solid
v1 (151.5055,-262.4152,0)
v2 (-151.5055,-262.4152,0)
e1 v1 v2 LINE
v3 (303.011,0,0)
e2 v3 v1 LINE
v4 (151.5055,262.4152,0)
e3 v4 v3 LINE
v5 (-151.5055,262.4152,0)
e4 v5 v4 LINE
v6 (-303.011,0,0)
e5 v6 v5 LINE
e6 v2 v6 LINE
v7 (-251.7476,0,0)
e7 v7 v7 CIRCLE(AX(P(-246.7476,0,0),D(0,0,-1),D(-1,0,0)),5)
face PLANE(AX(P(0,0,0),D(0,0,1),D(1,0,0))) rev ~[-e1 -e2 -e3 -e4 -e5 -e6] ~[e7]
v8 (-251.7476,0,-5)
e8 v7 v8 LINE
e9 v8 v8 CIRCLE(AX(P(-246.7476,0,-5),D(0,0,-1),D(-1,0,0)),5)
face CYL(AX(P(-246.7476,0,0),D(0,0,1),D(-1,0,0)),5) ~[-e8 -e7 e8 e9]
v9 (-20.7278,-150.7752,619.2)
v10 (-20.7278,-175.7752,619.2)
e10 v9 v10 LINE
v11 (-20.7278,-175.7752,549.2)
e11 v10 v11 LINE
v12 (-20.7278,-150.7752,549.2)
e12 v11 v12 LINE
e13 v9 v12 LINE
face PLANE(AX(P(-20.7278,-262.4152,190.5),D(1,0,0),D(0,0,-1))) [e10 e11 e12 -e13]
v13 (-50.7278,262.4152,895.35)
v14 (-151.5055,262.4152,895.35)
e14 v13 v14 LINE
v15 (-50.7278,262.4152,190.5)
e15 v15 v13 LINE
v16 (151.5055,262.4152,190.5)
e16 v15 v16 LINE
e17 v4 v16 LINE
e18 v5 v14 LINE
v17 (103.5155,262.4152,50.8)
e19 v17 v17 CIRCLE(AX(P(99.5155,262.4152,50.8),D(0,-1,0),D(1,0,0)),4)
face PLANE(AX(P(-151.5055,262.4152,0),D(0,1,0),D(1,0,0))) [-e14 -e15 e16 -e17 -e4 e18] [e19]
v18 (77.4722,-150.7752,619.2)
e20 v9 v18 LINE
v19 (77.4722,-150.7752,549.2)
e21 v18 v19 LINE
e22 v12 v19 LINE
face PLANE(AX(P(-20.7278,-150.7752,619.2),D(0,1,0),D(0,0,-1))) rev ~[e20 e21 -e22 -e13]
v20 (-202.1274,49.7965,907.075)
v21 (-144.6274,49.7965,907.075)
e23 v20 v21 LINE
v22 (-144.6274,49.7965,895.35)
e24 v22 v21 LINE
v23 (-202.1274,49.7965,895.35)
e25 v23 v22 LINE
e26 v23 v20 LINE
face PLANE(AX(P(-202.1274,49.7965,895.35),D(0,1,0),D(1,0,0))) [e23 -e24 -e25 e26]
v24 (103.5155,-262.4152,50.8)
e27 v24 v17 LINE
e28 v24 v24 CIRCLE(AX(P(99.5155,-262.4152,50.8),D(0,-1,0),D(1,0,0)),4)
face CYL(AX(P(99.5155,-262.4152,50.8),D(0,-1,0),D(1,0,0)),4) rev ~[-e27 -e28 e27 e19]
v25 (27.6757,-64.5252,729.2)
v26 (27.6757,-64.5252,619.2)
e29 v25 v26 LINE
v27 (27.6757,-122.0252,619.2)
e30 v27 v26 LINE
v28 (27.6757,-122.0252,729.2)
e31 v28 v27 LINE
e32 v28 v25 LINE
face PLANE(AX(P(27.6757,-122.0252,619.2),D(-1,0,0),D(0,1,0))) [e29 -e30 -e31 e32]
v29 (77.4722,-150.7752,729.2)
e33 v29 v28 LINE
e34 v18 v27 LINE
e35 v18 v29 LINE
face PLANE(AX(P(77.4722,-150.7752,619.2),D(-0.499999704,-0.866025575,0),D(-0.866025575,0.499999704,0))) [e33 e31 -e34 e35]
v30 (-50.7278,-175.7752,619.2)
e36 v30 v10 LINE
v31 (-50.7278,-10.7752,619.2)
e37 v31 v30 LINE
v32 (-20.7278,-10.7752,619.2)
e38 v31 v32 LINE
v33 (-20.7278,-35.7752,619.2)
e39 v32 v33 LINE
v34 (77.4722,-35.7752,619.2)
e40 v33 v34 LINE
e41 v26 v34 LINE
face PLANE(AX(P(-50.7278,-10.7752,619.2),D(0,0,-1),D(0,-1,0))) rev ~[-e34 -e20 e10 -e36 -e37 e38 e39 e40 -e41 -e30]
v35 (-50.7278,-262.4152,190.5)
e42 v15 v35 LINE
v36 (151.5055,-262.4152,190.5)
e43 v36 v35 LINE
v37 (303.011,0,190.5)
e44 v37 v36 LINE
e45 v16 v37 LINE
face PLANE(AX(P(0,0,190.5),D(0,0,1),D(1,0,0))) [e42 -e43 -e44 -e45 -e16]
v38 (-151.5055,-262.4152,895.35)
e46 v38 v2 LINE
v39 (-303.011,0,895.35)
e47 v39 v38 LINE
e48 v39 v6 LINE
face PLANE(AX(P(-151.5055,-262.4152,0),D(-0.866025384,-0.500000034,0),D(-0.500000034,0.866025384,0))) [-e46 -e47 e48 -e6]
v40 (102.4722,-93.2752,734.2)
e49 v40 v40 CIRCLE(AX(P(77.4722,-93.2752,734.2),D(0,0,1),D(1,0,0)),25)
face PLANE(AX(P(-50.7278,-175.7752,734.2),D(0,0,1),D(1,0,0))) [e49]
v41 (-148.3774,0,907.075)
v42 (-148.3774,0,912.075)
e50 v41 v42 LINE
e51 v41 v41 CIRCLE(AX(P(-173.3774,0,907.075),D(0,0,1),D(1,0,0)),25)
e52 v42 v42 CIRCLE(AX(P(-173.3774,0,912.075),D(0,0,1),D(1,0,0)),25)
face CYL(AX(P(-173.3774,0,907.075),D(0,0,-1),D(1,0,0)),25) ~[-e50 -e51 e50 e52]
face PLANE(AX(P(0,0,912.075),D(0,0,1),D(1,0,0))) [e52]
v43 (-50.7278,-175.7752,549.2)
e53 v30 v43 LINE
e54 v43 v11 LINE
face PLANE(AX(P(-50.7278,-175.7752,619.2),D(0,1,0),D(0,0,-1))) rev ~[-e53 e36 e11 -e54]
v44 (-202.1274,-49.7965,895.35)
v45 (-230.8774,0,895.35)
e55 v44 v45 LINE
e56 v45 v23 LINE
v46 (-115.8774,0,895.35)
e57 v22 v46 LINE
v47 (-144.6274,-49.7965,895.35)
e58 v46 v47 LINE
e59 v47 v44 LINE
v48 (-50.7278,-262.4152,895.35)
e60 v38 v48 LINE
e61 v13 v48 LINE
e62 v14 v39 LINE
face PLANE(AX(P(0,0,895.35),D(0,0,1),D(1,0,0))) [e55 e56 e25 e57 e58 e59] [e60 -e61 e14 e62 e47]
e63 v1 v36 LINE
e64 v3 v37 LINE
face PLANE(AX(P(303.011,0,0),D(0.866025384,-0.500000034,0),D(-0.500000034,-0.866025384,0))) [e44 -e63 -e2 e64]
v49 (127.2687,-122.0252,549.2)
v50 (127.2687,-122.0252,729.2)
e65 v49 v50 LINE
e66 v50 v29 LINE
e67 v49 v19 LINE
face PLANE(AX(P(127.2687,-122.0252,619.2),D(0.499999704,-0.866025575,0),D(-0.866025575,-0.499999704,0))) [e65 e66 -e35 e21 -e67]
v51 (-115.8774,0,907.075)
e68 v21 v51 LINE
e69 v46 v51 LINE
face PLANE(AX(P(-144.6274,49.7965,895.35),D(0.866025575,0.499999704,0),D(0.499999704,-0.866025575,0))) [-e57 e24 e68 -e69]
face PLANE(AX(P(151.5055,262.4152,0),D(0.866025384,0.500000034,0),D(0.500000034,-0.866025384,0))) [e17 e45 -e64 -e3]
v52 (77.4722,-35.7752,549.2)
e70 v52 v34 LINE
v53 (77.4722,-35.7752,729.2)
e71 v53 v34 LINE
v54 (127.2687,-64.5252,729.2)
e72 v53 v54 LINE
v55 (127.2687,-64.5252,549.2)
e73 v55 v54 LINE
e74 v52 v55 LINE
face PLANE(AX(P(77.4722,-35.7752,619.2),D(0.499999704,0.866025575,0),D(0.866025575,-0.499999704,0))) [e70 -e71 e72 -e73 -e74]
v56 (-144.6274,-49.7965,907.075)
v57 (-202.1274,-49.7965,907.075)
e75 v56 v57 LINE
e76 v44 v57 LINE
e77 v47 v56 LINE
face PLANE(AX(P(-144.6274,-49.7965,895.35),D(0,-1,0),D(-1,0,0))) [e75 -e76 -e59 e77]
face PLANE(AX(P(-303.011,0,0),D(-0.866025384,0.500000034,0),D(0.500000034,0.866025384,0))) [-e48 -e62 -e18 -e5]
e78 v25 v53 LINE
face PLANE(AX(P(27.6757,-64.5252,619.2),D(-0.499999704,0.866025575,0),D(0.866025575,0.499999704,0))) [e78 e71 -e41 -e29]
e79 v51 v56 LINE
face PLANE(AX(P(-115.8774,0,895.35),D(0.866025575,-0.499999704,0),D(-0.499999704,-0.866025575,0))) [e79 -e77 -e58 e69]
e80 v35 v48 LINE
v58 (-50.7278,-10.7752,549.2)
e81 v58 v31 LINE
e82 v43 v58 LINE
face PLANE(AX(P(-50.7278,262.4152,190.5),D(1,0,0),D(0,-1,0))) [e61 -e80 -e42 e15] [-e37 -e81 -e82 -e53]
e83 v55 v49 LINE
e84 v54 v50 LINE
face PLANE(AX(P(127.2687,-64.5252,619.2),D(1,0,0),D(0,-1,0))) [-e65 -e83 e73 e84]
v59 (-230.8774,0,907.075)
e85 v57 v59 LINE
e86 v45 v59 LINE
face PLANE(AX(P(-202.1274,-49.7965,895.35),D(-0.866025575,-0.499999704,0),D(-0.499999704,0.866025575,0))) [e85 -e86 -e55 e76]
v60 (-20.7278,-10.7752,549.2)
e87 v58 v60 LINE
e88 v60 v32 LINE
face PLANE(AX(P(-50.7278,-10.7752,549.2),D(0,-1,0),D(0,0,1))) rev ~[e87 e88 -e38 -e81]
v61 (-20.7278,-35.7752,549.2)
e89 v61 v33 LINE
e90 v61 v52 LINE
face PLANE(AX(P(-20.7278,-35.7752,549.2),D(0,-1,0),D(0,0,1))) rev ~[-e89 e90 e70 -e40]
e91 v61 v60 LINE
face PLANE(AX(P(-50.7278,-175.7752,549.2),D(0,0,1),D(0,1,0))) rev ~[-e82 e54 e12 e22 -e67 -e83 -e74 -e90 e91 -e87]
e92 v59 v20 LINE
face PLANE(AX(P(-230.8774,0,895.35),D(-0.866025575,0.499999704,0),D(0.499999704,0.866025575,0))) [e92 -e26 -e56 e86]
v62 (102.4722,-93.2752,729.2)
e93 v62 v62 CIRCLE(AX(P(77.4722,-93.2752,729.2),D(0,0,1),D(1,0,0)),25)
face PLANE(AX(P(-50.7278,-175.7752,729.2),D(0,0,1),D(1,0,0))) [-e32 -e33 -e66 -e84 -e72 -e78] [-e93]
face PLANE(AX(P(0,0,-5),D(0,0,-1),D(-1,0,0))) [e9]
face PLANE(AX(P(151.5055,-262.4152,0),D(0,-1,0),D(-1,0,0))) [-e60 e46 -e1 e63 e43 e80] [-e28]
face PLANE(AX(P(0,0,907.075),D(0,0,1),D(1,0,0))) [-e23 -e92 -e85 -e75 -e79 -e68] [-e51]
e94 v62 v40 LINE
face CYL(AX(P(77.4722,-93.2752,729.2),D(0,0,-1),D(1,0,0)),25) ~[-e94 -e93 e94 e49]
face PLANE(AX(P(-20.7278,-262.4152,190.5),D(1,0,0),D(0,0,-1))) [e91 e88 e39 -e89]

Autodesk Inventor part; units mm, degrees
ref_plane "YZ Plane" through (0, 0, 0) normal (1, 0, 0) x (0, 1, 0)
ref_plane "XZ Plane" through (0, 0, 0) normal (0, 1, 0) x (-1, 0, 0)
ref_plane "XY Plane" through (0, 0, 0) normal (0, 0, 1) x (1, 0, 0)
sketch "Sketch1" plane through (0, 0, 0) normal (0, 0, 1) x (1, 0, 0)
  line L0 (303.011, 0) -> (151.5055, -262.4152)
  line L1 (151.5055, -262.4152) -> (-151.5055, -262.4152)
  line L2 (-151.5055, -262.4152) -> (-303.011, 0)
  line L3 (-303.011, 0) -> (-151.5055, 262.4152)
  line L4 (-151.5055, 262.4152) -> (151.5055, 262.4152)
  line L5 (151.5055, 262.4152) -> (303.011, 0)
  point P0 (0, 0)
  point P1 (0, 0)
  dimension "d0" = 606.022
extrude "Extrusion1" add sketch "Sketch1" along normal blind 190.5
sketch "Sketch2" plane through (0, 0, 190.5) normal (0, 0, 1) x (1, 0, 0)
  line L0 (151.5055, -262.4152) -> (303.011, 0) projected
  line L1 (303.011, 0) -> (151.5055, 262.4152) projected
  line L2 (151.5055, 262.4152) -> (-151.5055, 262.4152) construction
  line L3 (-151.5055, 262.4152) -> (-303.011, 0) projected
  line L4 (-303.011, 0) -> (-151.5055, -262.4152) projected
  line L5 (-151.5055, -262.4152) -> (151.5055, -262.4152) construction
  line L6 (151.5055, 262.4152) -> (-151.5055, 262.4152) projected
  line L7 (-50.7278, 262.4152) -> (-50.7278, -262.4152)
  line L8 (-151.5055, -262.4152) -> (151.5055, -262.4152) projected
  line L9 (-50.7278, 262.4152) -> (-151.5055, 262.4152)
  line L10 (-50.7278, -262.4152) -> (-151.5055, -262.4152)
  point P0 (0, 0)
  dimension "d3" = 353.7388
extrude "Extrusion2" add sketch "Sketch2" along normal blind 704.85 contours L8 L4 L3 L6 L7
sketch "Sketch3" plane through (-50.7278, -262.4152, 190.5) normal (1, 0, 0) x (0, 0, -1)
  line L0 (-428.7, 86.64) -> (-358.7, 86.64)
  line L1 (-358.7, 86.64) -> (-358.7, 251.64)
  line L2 (-358.7, 251.64) -> (-428.7, 251.64)
  line L3 (-428.7, 251.64) -> (-428.7, 86.64)
  line L4 (0, 0) -> (-704.85, 0) projected
  line L5 (0, 0) -> (0, 262.4152) projected
  point P0 (190.5, 262.4152)
  dimension "d6" = 86.64
  dimension "d7" = 358.7
  dimension "d8" = 70
  dimension "d9" = 165
extrude "Extrusion3" add sketch "Sketch3" along normal blind 30
sketch "Sketch4" plane through (-20.7278, -262.4152, 190.5) normal (1, 0, 0) x (0, 0, -1)
  line L0 (-428.7, 86.64) -> (-428.7, 251.64) projected
  line L1 (-358.7, 251.64) -> (-358.7, 86.64) projected
  line L2 (-428.7, 111.64) -> (-358.7, 111.64)
  line L3 (-358.7, 111.64) -> (-358.7, 226.64)
  line L4 (-358.7, 226.64) -> (-428.7, 226.64)
  line L5 (-428.7, 226.64) -> (-428.7, 111.64)
  point P0 (190.5, 262.4152)
  point P1 (-428.7, 169.14)
  dimension "d12" = 115
extrude "Extrusion4" add sketch "Sketch4" along normal blind 98.2
sketch "Sketch5" plane through (-50.7278, -175.7752, 619.2) normal (0, 0, 1) x (1, 0, 0)
  line L0 (128.2, 25) -> (128.2, 140) projected
  line L1 (128.2, 140) -> (177.9965, 111.25)
  line L2 (177.9965, 111.25) -> (177.9965, 53.75)
  line L3 (177.9965, 53.75) -> (128.2, 25)
  line L4 (128.2, 25) -> (78.4035, 53.75)
  line L5 (78.4035, 53.75) -> (78.4035, 111.25)
  line L6 (78.4035, 111.25) -> (128.2, 140)
  point P0 (50.7278, 175.7752)
  point P1 (128.2, 82.5)
extrude "Extrusion5" add sketch "Sketch5" along normal blind 110 and the other way blind 70
sketch "Sketch6" plane through (0, 0, 895.35) normal (0, 0, 1) x (1, 0, 0)
  line L0 (-115.8774, 0) -> (-144.6274, -49.7965)
  line L1 (-144.6274, -49.7965) -> (-202.1274, -49.7965)
  line L2 (-202.1274, -49.7965) -> (-230.8774, 0)
  line L3 (-230.8774, 0) -> (-202.1274, 49.7965)
  line L4 (-202.1274, 49.7965) -> (-144.6274, 49.7965)
  line L5 (-144.6274, 49.7965) -> (-115.8774, 0)
  line L6 (-50.7278, -262.4152) -> (-50.7278, 262.4152) projected
  point P0 (0, 0)
  point P1 (-173.3774, 0)
  point P2 (-50.7278, 0)
  dimension "d19" = 115
  dimension "d20" = 122.6496
extrude "Extrusion6" add sketch "Sketch6" along normal blind 11.725
sketch "Sketch7" plane through (-50.7278, -175.7752, 729.2) normal (0, 0, 1) x (1, 0, 0)
  line L0 (177.9965, 111.25) -> (128.2, 140) projected
  line L1 (128.2, 140) -> (78.4035, 111.25) projected
  line L2 (78.4035, 111.25) -> (78.4035, 53.75) projected
  line L3 (78.4035, 53.75) -> (128.2, 25) projected
  line L4 (128.2, 25) -> (177.9965, 53.75) projected
  line L5 (177.9965, 53.75) -> (177.9965, 111.25) projected
  circle A0 centre (128.2, 82.5) radius 25
  point P0 (50.7278, 175.7752)
  point P1 (177.9965, 82.5)
  dimension "d23" = 50
extrude "Extrusion7" add sketch "Sketch7" along normal blind 5 contours A0
sketch "Sketch8" plane through (-151.5055, -262.4152, 0) normal (0, -1, 0) x (1, 0, 0)
  line L0 (303.011, 0) -> (0, 0) projected
  line L1 (303.011, 0) -> (303.011, 190.5) projected
  line L2 (100.7777, 190.5) -> (303.011, 190.5) projected
  line L3 (100.7777, 190.5) -> (100.7777, 895.35) projected
  line L4 (0, 895.35) -> (100.7777, 895.35) projected
  line L5 (0, 0) -> (0, 895.35) projected
  circle A0 centre (251.021, 50.8) radius 4
  point P0 (151.5055, 0)
  dimension "d26" = 8
  dimension "d27" = 50.8
  dimension "d28" = 51.99
extrude "Extrusion8" cut sketch "Sketch8" against normal through all contours A0
sketch "Sketch9" plane through (0, 0, 0) normal (0, 0, -1) x (-1, 0, 0)
  circle A0 centre (246.7476, 0) radius 5
  point P0 (0, 0)
  point P1 (303.011, 0)
  dimension "d31" = 10
  dimension "d32" = 56.2634
extrude "Extrusion9" add sketch "Sketch9" along normal blind 5
sketch "Sketch10" plane through (0, 0, 907.075) normal (0, 0, 1) x (1, 0, 0)
  line L0 (-144.6274, -49.7965) -> (-115.8774, 0) projected
  line L1 (-115.8774, 0) -> (-144.6274, 49.7965) projected
  line L2 (-144.6274, 49.7965) -> (-202.1274, 49.7965) projected
  line L3 (-202.1274, 49.7965) -> (-230.8774, 0) projected
  line L4 (-230.8774, 0) -> (-202.1274, -49.7965) projected
  line L5 (-202.1274, -49.7965) -> (-144.6274, -49.7965) projected
  circle A0 centre (-173.3774, 0) radius 25
  point P0 (0, 0)
  point P1 (-173.3774, 49.7965)
  dimension "d35" = 50
extrude "Extrusion10" add sketch "Sketch10" along normal blind 5 contours A0
properties material "ABS Plastic"
